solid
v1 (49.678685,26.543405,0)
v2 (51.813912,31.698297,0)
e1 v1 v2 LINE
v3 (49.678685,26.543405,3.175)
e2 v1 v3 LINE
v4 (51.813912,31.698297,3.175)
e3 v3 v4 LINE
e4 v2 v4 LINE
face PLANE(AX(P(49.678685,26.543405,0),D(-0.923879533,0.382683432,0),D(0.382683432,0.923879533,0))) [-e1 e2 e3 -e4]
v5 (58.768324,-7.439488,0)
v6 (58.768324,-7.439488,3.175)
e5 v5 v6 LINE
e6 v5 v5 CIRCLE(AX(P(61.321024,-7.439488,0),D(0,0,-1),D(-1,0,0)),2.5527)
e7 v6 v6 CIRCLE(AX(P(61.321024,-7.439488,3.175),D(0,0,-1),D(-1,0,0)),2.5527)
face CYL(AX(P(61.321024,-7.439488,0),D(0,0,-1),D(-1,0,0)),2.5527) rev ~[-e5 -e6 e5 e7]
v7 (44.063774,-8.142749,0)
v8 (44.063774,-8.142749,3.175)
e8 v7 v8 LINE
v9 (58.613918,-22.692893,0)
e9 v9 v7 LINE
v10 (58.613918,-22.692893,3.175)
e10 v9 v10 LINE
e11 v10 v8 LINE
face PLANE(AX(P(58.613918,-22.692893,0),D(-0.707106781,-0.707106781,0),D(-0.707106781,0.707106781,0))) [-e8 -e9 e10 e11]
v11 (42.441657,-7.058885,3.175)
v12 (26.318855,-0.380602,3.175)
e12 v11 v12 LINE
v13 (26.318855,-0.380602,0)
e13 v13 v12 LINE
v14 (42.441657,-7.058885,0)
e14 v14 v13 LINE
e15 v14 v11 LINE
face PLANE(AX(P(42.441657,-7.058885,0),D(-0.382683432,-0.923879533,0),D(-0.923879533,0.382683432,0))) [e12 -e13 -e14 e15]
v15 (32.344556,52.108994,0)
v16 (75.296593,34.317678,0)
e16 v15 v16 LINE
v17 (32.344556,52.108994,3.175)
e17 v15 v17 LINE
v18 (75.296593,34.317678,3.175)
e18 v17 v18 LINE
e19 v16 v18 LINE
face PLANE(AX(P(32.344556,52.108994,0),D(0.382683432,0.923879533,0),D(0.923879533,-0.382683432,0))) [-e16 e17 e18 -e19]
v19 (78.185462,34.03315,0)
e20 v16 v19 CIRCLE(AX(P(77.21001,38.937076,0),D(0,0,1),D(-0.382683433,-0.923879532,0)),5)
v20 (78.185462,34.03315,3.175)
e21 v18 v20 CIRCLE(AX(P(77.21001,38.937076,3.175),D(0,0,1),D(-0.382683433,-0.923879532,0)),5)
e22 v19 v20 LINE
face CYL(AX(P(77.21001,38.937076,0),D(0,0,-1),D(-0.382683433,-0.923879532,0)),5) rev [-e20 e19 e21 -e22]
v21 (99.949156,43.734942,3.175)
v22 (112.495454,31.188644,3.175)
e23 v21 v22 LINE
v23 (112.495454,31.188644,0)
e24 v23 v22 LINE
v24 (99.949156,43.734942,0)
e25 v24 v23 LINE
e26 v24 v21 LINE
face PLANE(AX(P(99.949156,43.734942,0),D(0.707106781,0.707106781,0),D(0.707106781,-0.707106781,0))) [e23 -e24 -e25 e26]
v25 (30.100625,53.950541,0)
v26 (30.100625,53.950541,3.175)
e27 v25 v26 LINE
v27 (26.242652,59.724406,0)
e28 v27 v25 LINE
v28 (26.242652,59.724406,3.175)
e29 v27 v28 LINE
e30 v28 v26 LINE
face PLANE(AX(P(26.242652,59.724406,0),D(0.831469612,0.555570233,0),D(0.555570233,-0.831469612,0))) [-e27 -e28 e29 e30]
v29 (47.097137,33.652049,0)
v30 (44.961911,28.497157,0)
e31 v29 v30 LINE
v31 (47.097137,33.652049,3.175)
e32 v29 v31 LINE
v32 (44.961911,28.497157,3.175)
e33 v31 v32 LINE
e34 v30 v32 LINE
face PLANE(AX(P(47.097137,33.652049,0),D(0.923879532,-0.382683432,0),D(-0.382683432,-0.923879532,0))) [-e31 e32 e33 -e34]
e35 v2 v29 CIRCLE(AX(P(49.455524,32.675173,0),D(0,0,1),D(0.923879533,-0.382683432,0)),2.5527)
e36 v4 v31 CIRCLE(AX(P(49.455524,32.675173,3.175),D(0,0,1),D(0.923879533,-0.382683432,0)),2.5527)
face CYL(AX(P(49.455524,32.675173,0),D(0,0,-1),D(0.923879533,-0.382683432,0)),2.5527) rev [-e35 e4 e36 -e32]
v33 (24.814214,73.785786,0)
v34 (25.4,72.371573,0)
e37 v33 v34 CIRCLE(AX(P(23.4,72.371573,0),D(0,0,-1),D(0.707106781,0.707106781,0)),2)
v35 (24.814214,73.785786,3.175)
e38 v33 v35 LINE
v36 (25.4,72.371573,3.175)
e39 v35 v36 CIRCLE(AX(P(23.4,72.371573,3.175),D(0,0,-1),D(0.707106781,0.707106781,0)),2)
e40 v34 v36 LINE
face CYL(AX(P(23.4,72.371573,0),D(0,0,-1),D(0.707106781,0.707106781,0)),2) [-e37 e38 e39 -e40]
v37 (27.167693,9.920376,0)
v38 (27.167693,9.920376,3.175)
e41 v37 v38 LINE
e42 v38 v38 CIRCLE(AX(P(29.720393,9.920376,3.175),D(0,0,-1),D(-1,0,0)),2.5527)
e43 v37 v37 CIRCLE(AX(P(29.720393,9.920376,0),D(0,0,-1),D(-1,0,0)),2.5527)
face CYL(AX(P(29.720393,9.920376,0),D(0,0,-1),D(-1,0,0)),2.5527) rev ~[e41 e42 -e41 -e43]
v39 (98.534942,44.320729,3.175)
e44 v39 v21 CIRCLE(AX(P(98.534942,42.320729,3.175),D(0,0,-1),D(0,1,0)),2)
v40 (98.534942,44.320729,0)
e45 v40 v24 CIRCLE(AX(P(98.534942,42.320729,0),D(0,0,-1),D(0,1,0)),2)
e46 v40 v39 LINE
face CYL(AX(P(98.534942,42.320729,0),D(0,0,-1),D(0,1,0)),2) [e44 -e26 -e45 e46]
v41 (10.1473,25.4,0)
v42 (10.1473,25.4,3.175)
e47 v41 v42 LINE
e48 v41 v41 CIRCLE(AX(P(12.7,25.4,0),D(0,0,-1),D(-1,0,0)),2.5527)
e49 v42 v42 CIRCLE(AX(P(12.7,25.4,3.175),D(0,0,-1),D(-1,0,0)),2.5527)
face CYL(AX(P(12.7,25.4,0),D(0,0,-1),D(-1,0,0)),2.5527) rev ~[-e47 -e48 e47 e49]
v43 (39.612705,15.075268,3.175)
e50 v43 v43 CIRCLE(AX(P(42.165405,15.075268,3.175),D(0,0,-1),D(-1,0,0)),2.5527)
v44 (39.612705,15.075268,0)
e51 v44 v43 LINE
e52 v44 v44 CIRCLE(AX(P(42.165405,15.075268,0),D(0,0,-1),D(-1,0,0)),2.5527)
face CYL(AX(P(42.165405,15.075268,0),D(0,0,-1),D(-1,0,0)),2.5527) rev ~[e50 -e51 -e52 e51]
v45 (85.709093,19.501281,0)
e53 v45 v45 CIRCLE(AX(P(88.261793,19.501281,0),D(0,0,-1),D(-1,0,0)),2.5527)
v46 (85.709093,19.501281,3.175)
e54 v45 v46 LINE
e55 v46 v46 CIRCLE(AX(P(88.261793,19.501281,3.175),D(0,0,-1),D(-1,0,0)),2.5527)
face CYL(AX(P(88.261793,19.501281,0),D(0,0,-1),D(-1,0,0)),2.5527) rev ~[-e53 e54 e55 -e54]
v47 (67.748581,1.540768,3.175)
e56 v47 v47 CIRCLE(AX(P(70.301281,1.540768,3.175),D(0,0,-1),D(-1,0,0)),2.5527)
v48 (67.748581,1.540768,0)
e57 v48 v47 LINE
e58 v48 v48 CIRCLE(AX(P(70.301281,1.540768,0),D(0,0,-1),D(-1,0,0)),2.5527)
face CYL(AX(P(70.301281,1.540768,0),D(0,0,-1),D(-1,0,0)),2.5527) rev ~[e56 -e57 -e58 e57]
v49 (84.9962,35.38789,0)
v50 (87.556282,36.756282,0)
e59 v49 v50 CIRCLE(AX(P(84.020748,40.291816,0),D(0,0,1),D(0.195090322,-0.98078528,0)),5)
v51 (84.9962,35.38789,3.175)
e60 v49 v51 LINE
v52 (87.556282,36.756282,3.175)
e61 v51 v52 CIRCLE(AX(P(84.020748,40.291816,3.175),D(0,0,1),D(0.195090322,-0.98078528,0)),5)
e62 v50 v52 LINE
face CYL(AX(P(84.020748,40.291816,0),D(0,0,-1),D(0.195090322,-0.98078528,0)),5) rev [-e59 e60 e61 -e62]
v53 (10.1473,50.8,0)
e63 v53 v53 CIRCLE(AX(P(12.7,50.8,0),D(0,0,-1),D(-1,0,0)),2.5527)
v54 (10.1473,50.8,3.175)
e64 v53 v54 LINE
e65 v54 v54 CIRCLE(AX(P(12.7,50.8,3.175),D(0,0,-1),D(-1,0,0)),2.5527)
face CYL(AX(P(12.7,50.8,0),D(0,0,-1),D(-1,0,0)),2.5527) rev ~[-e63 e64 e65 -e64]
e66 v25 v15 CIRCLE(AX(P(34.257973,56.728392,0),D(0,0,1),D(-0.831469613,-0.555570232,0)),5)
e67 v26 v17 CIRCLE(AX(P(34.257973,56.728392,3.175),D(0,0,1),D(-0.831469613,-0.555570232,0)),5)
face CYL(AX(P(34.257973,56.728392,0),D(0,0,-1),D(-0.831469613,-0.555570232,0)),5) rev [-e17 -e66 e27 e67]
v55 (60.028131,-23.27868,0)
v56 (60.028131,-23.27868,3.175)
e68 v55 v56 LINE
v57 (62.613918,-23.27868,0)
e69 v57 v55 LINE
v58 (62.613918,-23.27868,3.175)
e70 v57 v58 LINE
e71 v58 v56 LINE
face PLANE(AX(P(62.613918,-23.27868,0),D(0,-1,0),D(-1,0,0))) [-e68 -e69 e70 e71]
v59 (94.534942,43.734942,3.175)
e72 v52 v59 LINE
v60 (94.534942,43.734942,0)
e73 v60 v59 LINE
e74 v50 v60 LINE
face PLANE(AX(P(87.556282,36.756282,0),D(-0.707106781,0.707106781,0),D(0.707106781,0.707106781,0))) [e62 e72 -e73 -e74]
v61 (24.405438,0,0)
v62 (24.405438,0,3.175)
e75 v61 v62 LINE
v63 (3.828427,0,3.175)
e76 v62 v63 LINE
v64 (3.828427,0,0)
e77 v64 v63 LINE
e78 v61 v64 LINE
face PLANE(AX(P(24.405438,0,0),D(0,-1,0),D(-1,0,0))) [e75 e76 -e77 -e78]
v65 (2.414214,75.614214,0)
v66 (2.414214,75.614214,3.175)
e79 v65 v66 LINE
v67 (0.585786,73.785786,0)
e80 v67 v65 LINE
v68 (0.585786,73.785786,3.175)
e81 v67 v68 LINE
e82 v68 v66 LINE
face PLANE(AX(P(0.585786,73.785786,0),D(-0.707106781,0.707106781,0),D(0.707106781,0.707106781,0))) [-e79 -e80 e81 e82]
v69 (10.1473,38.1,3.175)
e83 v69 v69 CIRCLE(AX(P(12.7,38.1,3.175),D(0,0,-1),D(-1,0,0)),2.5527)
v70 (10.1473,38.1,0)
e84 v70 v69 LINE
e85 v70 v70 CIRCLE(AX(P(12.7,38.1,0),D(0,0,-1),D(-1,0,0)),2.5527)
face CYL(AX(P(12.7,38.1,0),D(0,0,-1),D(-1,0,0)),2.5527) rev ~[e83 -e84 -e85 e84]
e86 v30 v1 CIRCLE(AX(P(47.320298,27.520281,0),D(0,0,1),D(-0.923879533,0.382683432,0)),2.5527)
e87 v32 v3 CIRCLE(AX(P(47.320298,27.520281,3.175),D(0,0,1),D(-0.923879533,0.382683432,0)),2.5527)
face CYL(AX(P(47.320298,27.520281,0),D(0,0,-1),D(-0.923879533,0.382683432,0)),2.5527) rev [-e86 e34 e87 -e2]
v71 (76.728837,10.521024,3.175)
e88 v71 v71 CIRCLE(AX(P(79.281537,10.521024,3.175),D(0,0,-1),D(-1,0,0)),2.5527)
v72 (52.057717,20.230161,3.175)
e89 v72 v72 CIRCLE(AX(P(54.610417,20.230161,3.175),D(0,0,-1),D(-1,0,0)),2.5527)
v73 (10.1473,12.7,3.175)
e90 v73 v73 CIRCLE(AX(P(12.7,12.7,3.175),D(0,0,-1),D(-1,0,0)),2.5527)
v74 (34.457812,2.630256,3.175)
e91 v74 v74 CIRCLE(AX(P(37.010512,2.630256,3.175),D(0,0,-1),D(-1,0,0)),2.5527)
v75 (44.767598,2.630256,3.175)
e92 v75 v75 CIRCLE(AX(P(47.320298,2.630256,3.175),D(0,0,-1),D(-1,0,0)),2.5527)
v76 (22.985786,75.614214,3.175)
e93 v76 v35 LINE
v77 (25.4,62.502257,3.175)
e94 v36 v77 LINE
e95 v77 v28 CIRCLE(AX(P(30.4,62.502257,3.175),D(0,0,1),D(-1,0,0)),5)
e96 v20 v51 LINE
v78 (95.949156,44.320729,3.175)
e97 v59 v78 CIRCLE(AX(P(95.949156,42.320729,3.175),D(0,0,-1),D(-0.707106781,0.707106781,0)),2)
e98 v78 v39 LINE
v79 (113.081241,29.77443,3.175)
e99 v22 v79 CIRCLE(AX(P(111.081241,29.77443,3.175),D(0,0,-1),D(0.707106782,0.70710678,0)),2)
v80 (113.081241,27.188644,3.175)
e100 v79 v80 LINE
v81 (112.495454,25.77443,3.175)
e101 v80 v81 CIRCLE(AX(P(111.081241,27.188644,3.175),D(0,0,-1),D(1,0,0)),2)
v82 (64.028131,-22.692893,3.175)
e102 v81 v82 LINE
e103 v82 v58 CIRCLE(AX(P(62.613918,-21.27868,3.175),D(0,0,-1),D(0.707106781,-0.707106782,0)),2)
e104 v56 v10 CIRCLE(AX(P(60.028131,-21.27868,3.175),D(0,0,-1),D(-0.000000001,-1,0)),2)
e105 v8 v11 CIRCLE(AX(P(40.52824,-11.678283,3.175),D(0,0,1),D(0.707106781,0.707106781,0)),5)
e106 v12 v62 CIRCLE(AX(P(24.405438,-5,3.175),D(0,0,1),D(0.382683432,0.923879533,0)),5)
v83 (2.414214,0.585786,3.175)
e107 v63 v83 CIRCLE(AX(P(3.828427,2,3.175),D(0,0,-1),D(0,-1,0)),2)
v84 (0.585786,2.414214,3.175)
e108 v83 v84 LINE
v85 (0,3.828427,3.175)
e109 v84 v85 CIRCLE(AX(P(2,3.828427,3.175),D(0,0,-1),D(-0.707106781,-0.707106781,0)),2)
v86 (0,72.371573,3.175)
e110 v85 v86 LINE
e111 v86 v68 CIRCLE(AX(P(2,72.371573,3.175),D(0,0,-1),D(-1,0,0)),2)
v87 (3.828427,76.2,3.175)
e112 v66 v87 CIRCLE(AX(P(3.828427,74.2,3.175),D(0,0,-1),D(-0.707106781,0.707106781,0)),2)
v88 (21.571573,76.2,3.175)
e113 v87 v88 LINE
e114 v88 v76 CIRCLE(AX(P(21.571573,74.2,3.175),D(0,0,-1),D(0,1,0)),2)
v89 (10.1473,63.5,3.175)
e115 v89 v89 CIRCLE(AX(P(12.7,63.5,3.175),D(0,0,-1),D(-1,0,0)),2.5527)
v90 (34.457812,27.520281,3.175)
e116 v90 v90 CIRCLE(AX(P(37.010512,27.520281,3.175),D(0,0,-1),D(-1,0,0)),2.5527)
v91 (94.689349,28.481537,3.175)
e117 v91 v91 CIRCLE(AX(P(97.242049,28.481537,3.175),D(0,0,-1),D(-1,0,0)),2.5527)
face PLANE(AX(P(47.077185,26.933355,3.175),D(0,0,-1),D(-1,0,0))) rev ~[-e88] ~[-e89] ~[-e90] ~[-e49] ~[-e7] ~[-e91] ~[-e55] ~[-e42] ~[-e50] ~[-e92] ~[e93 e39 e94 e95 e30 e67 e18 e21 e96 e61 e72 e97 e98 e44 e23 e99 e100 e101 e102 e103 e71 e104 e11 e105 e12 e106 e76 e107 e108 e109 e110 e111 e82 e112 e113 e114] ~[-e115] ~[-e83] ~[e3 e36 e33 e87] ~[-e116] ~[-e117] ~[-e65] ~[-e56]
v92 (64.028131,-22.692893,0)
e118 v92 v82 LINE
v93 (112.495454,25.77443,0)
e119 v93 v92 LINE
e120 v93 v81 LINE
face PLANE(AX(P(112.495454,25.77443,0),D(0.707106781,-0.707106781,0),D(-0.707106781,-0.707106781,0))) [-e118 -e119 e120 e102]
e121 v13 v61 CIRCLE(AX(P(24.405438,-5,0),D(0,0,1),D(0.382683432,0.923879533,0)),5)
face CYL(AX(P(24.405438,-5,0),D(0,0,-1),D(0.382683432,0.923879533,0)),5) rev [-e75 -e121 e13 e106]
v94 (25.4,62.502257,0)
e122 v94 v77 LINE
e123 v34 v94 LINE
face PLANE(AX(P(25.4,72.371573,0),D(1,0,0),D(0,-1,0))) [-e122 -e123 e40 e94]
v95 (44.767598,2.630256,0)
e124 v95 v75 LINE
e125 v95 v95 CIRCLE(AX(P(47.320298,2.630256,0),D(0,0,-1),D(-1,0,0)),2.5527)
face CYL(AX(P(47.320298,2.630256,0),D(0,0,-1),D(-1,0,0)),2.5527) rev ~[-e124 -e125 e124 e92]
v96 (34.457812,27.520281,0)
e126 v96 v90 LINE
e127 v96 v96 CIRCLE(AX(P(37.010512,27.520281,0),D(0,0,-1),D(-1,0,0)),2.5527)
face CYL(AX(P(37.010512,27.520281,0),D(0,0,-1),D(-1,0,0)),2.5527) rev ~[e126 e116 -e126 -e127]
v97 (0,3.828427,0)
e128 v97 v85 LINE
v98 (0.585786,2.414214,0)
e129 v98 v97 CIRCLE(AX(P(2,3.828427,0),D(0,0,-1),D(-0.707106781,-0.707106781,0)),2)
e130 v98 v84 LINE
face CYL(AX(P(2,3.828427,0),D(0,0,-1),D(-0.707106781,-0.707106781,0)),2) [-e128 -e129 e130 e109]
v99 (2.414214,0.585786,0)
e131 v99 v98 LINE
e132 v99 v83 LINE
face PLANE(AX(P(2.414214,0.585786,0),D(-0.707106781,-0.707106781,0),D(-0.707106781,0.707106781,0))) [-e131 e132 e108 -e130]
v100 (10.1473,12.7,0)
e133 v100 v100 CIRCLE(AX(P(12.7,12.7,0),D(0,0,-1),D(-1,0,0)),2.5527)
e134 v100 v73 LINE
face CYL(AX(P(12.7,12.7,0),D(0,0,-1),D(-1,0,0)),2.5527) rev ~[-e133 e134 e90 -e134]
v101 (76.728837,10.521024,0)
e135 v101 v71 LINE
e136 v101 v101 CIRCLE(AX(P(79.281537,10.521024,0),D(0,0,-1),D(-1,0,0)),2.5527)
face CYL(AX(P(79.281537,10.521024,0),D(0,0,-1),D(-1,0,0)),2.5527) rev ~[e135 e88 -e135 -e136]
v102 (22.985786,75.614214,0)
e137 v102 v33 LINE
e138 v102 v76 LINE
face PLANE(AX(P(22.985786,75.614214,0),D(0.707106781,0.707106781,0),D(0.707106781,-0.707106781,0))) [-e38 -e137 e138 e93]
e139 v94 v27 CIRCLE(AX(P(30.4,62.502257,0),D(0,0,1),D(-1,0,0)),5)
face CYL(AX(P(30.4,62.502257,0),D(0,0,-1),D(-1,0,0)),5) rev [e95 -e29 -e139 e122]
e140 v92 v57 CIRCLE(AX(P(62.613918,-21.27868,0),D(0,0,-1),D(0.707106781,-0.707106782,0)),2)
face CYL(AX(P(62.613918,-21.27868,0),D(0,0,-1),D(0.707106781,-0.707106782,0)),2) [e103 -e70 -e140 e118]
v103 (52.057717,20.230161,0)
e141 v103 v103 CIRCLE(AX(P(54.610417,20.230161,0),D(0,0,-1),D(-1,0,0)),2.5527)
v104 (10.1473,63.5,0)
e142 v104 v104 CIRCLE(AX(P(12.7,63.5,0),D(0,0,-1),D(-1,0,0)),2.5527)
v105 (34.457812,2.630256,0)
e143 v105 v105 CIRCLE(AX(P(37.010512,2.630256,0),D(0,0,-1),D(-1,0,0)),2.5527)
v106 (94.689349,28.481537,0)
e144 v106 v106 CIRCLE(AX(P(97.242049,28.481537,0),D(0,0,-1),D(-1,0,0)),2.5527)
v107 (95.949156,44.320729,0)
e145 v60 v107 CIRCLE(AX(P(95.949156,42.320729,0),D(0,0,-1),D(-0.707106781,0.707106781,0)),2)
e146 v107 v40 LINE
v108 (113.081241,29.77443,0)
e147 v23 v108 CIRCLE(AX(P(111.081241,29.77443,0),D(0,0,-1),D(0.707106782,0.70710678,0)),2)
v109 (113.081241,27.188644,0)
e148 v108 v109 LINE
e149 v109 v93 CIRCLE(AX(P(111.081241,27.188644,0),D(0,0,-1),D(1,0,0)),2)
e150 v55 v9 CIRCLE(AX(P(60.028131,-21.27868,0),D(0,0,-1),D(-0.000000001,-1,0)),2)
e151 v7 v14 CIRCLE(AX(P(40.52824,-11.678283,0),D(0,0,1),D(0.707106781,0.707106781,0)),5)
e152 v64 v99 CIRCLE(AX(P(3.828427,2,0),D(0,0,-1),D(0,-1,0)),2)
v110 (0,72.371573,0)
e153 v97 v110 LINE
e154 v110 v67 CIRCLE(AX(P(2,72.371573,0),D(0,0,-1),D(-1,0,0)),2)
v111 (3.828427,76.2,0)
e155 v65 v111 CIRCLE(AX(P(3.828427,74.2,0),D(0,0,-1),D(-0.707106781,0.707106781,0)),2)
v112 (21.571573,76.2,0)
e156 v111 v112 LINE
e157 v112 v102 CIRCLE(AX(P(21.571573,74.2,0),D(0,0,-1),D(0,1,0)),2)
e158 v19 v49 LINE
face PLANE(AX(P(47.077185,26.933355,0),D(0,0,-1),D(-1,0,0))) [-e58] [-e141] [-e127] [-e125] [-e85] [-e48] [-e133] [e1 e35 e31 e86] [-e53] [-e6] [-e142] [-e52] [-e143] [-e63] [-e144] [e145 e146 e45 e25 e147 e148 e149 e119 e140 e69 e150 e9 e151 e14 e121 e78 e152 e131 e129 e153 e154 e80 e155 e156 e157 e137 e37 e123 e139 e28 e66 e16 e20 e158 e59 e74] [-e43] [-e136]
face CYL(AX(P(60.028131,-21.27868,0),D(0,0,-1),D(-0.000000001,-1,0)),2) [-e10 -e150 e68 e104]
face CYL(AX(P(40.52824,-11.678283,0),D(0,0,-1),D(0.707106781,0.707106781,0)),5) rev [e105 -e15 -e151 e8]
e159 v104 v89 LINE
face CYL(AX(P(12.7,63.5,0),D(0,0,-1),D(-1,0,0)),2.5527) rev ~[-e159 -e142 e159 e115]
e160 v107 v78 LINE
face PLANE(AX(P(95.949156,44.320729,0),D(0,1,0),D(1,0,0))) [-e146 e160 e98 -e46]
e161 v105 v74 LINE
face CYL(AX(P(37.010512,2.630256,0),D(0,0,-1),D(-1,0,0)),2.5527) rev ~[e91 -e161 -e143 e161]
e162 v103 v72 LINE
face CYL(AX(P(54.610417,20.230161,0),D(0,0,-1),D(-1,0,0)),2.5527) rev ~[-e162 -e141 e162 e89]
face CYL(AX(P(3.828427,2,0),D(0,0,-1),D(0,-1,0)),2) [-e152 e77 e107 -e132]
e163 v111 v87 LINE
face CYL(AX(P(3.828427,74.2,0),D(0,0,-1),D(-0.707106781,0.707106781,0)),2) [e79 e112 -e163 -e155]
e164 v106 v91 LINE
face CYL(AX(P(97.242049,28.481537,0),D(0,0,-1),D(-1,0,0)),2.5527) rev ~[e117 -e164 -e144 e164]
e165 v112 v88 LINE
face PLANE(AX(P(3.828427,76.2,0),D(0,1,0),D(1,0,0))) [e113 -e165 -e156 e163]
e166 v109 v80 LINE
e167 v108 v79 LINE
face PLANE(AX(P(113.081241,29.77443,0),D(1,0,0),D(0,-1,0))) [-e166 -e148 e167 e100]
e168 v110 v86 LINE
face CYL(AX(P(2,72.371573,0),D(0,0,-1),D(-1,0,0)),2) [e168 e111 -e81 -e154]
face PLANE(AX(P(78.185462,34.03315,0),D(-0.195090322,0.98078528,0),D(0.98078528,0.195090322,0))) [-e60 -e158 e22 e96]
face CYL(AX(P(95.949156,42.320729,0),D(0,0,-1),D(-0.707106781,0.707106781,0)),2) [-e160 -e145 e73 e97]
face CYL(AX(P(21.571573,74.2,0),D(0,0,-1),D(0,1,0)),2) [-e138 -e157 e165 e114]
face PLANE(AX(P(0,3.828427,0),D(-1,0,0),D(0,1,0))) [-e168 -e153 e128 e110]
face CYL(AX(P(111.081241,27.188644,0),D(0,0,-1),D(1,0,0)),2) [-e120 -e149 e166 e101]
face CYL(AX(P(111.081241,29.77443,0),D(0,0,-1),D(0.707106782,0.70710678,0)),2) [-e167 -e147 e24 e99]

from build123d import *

# Parameters (mm, degrees)
SKETCH1_R           = 2.5527
BOSS_EXTRUDE1_DEPTH = 3.175


with BuildPart() as part:
    # Sketch1 → Boss-Extrude1 (new body)
    with BuildSketch(Plane(origin=(0, 0, 0), x_dir=(-1, 0, 0), z_dir=(0, 0, -1))):
        with BuildLine():
            Line((-2.414213562, 0.585786438), (-0.585786438, 2.414213562))
            ThreePointArc((-0.585786438, 2.414213562), (-0.152240935, 3.06306026), (0, 3.828427125))
            Line((0, 3.828427125), (0, 72.371572875))
            ThreePointArc((0, 72.371572875), (-0.152240935, 73.13693974), (-0.585786438, 73.785786438))
            Line((-0.585786438, 73.785786438), (-2.414213562, 75.614213562))
            ThreePointArc((-2.414213562, 75.614213562), (-3.06306026, 76.047759065), (-3.828427125, 76.2))
            Line((-3.828427125, 76.2), (-21.571572875, 76.2))
            ThreePointArc((-21.571572875, 76.2), (-22.33693974, 76.047759065), (-22.985786438, 75.614213562))
            Line((-22.985786438, 75.614213562), (-24.814213562, 73.785786438))
            ThreePointArc((-24.814213562, 73.785786438), (-25.247759065, 73.13693974), (-25.4, 72.371572875))
            Line((-25.4, 72.371572875), (-25.4, 62.502257193))
            ThreePointArc((-25.4, 62.502257193), (-25.615298321, 61.050833807), (-26.242651938, 59.724406028))
            Line((-26.242651938, 59.724406028), (-30.100625257, 53.950540928))
            ThreePointArc((-30.100625257, 53.950540928), (-31.086006897, 52.863339826), (-32.344556156, 52.10899443))
            Line((-32.344556156, 52.10899443), (-75.296592814, 34.317678315))
            ThreePointArc((-75.296592814, 34.317678315), (-76.719924274, 33.961152344), (-78.185461586, 34.033149576))
            Line((-78.185461586, 34.033149576), (-84.996199847, 35.387889647))
            ThreePointArc((-84.996199847, 35.387889647), (-86.377731921, 35.882209727), (-87.556282143, 36.756282143))
            Line((-87.556282143, 36.756282143), (-94.534942187, 43.734942187))
            ThreePointArc((-94.534942187, 43.734942187), (-95.183788885, 44.16848769), (-95.94915575, 44.320728625))
            Line((-95.94915575, 44.320728625), (-98.534942187, 44.320728625))
            ThreePointArc((-98.534942187, 44.320728625), (-99.300309052, 44.16848769), (-99.94915575, 43.734942187))
            Line((-99.94915575, 43.734942187), (-112.49545443, 31.188643508))
            ThreePointArc((-112.49545443, 31.188643508), (-112.928999932, 30.53979681), (-113.081240867, 29.774429945))
            Line((-113.081240867, 29.774429945), (-113.081240867, 27.188643508))
            ThreePointArc((-113.081240867, 27.188643508), (-112.928999932, 26.423276643), (-112.49545443, 25.774429945))
            Line((-112.49545443, 25.774429945), (-64.028131265, -22.692893219))
            ThreePointArc((-64.028131265, -22.692893219), (-63.379284568, -23.126438721), (-62.613917703, -23.278679656))
            Line((-62.613917703, -23.278679656), (-60.028131265, -23.278679656))
            ThreePointArc((-60.028131265, -23.278679656), (-59.262764401, -23.126438721), (-58.613917703, -22.692893219))
            Line((-58.613917703, -22.692893219), (-44.063773661, -8.142749177))
            ThreePointArc((-44.063773661, -8.142749177), (-43.30609092, -7.520935021), (-42.441656917, -7.05888542))
            Line((-42.441656917, -7.05888542), (-26.318855325, -0.380602337))
            ThreePointArc((-26.318855325, -0.380602337), (-25.380889773, -0.096073598), (-24.405438163, 0))
            Line((-24.405438163, 0), (-3.828427125, 0))
            ThreePointArc((-3.828427125, 0), (-3.06306026, 0.152240935), (-2.414213562, 0.585786438))
        make_face()
        with Locations((-29.720392856, 9.920375508)):
            Circle(SKETCH1_R, mode=Mode.SUBTRACT)
        with Locations((-47.32029795, 2.630256121)):
            Circle(SKETCH1_R, mode=Mode.SUBTRACT)
        with Locations((-12.7, 12.7)):
            Circle(SKETCH1_R, mode=Mode.SUBTRACT)
        with Locations((-12.7, 38.1)):
            Circle(SKETCH1_R, mode=Mode.SUBTRACT)
        with Locations((-12.7, 63.5)):
            Circle(SKETCH1_R, mode=Mode.SUBTRACT)
        with Locations((-12.7, 25.4)):
            Circle(SKETCH1_R, mode=Mode.SUBTRACT)
        with Locations((-12.7, 50.8)):
            Circle(SKETCH1_R, mode=Mode.SUBTRACT)
        with Locations((-70.301280605, 1.540768363)):
            Circle(SKETCH1_R, mode=Mode.SUBTRACT)
        with Locations((-88.261792847, 19.501280605)):
            Circle(SKETCH1_R, mode=Mode.SUBTRACT)
        with Locations((-97.242048969, 28.481536726)):
            Circle(SKETCH1_R, mode=Mode.SUBTRACT)
        with Locations((-79.281536726, 10.521024484)):
            Circle(SKETCH1_R, mode=Mode.SUBTRACT)
        with Locations((-61.321024484, -7.439487758)):
            Circle(SKETCH1_R, mode=Mode.SUBTRACT)
        with Locations((-37.010512242, 27.520280602)):
            Circle(SKETCH1_R, mode=Mode.SUBTRACT)
        with Locations((-54.610417336, 20.230161215)):
            Circle(SKETCH1_R, mode=Mode.SUBTRACT)
        with Locations((-42.165405096, 15.075268362)):
            Circle(SKETCH1_R, mode=Mode.SUBTRACT)
        with Locations((-37.010512242, 2.630256121)):
            Circle(SKETCH1_R, mode=Mode.SUBTRACT)
        with BuildLine():
            Line((-49.678685233, 26.543404604), (-51.813911765, 31.698297458))
            ThreePointArc((-51.813911765, 31.698297458), (-50.43240048, 35.033560738), (-47.0971372, 33.652049454))
            Line((-47.0971372, 33.652049454), (-44.961910667, 28.4971566))
            ThreePointArc((-44.961910667, 28.4971566), (-46.343421952, 25.161893319), (-49.678685233, 26.543404604))
        make_face(mode=Mode.SUBTRACT)
    extrude(amount=-BOSS_EXTRUDE1_DEPTH)


solid = part.part
